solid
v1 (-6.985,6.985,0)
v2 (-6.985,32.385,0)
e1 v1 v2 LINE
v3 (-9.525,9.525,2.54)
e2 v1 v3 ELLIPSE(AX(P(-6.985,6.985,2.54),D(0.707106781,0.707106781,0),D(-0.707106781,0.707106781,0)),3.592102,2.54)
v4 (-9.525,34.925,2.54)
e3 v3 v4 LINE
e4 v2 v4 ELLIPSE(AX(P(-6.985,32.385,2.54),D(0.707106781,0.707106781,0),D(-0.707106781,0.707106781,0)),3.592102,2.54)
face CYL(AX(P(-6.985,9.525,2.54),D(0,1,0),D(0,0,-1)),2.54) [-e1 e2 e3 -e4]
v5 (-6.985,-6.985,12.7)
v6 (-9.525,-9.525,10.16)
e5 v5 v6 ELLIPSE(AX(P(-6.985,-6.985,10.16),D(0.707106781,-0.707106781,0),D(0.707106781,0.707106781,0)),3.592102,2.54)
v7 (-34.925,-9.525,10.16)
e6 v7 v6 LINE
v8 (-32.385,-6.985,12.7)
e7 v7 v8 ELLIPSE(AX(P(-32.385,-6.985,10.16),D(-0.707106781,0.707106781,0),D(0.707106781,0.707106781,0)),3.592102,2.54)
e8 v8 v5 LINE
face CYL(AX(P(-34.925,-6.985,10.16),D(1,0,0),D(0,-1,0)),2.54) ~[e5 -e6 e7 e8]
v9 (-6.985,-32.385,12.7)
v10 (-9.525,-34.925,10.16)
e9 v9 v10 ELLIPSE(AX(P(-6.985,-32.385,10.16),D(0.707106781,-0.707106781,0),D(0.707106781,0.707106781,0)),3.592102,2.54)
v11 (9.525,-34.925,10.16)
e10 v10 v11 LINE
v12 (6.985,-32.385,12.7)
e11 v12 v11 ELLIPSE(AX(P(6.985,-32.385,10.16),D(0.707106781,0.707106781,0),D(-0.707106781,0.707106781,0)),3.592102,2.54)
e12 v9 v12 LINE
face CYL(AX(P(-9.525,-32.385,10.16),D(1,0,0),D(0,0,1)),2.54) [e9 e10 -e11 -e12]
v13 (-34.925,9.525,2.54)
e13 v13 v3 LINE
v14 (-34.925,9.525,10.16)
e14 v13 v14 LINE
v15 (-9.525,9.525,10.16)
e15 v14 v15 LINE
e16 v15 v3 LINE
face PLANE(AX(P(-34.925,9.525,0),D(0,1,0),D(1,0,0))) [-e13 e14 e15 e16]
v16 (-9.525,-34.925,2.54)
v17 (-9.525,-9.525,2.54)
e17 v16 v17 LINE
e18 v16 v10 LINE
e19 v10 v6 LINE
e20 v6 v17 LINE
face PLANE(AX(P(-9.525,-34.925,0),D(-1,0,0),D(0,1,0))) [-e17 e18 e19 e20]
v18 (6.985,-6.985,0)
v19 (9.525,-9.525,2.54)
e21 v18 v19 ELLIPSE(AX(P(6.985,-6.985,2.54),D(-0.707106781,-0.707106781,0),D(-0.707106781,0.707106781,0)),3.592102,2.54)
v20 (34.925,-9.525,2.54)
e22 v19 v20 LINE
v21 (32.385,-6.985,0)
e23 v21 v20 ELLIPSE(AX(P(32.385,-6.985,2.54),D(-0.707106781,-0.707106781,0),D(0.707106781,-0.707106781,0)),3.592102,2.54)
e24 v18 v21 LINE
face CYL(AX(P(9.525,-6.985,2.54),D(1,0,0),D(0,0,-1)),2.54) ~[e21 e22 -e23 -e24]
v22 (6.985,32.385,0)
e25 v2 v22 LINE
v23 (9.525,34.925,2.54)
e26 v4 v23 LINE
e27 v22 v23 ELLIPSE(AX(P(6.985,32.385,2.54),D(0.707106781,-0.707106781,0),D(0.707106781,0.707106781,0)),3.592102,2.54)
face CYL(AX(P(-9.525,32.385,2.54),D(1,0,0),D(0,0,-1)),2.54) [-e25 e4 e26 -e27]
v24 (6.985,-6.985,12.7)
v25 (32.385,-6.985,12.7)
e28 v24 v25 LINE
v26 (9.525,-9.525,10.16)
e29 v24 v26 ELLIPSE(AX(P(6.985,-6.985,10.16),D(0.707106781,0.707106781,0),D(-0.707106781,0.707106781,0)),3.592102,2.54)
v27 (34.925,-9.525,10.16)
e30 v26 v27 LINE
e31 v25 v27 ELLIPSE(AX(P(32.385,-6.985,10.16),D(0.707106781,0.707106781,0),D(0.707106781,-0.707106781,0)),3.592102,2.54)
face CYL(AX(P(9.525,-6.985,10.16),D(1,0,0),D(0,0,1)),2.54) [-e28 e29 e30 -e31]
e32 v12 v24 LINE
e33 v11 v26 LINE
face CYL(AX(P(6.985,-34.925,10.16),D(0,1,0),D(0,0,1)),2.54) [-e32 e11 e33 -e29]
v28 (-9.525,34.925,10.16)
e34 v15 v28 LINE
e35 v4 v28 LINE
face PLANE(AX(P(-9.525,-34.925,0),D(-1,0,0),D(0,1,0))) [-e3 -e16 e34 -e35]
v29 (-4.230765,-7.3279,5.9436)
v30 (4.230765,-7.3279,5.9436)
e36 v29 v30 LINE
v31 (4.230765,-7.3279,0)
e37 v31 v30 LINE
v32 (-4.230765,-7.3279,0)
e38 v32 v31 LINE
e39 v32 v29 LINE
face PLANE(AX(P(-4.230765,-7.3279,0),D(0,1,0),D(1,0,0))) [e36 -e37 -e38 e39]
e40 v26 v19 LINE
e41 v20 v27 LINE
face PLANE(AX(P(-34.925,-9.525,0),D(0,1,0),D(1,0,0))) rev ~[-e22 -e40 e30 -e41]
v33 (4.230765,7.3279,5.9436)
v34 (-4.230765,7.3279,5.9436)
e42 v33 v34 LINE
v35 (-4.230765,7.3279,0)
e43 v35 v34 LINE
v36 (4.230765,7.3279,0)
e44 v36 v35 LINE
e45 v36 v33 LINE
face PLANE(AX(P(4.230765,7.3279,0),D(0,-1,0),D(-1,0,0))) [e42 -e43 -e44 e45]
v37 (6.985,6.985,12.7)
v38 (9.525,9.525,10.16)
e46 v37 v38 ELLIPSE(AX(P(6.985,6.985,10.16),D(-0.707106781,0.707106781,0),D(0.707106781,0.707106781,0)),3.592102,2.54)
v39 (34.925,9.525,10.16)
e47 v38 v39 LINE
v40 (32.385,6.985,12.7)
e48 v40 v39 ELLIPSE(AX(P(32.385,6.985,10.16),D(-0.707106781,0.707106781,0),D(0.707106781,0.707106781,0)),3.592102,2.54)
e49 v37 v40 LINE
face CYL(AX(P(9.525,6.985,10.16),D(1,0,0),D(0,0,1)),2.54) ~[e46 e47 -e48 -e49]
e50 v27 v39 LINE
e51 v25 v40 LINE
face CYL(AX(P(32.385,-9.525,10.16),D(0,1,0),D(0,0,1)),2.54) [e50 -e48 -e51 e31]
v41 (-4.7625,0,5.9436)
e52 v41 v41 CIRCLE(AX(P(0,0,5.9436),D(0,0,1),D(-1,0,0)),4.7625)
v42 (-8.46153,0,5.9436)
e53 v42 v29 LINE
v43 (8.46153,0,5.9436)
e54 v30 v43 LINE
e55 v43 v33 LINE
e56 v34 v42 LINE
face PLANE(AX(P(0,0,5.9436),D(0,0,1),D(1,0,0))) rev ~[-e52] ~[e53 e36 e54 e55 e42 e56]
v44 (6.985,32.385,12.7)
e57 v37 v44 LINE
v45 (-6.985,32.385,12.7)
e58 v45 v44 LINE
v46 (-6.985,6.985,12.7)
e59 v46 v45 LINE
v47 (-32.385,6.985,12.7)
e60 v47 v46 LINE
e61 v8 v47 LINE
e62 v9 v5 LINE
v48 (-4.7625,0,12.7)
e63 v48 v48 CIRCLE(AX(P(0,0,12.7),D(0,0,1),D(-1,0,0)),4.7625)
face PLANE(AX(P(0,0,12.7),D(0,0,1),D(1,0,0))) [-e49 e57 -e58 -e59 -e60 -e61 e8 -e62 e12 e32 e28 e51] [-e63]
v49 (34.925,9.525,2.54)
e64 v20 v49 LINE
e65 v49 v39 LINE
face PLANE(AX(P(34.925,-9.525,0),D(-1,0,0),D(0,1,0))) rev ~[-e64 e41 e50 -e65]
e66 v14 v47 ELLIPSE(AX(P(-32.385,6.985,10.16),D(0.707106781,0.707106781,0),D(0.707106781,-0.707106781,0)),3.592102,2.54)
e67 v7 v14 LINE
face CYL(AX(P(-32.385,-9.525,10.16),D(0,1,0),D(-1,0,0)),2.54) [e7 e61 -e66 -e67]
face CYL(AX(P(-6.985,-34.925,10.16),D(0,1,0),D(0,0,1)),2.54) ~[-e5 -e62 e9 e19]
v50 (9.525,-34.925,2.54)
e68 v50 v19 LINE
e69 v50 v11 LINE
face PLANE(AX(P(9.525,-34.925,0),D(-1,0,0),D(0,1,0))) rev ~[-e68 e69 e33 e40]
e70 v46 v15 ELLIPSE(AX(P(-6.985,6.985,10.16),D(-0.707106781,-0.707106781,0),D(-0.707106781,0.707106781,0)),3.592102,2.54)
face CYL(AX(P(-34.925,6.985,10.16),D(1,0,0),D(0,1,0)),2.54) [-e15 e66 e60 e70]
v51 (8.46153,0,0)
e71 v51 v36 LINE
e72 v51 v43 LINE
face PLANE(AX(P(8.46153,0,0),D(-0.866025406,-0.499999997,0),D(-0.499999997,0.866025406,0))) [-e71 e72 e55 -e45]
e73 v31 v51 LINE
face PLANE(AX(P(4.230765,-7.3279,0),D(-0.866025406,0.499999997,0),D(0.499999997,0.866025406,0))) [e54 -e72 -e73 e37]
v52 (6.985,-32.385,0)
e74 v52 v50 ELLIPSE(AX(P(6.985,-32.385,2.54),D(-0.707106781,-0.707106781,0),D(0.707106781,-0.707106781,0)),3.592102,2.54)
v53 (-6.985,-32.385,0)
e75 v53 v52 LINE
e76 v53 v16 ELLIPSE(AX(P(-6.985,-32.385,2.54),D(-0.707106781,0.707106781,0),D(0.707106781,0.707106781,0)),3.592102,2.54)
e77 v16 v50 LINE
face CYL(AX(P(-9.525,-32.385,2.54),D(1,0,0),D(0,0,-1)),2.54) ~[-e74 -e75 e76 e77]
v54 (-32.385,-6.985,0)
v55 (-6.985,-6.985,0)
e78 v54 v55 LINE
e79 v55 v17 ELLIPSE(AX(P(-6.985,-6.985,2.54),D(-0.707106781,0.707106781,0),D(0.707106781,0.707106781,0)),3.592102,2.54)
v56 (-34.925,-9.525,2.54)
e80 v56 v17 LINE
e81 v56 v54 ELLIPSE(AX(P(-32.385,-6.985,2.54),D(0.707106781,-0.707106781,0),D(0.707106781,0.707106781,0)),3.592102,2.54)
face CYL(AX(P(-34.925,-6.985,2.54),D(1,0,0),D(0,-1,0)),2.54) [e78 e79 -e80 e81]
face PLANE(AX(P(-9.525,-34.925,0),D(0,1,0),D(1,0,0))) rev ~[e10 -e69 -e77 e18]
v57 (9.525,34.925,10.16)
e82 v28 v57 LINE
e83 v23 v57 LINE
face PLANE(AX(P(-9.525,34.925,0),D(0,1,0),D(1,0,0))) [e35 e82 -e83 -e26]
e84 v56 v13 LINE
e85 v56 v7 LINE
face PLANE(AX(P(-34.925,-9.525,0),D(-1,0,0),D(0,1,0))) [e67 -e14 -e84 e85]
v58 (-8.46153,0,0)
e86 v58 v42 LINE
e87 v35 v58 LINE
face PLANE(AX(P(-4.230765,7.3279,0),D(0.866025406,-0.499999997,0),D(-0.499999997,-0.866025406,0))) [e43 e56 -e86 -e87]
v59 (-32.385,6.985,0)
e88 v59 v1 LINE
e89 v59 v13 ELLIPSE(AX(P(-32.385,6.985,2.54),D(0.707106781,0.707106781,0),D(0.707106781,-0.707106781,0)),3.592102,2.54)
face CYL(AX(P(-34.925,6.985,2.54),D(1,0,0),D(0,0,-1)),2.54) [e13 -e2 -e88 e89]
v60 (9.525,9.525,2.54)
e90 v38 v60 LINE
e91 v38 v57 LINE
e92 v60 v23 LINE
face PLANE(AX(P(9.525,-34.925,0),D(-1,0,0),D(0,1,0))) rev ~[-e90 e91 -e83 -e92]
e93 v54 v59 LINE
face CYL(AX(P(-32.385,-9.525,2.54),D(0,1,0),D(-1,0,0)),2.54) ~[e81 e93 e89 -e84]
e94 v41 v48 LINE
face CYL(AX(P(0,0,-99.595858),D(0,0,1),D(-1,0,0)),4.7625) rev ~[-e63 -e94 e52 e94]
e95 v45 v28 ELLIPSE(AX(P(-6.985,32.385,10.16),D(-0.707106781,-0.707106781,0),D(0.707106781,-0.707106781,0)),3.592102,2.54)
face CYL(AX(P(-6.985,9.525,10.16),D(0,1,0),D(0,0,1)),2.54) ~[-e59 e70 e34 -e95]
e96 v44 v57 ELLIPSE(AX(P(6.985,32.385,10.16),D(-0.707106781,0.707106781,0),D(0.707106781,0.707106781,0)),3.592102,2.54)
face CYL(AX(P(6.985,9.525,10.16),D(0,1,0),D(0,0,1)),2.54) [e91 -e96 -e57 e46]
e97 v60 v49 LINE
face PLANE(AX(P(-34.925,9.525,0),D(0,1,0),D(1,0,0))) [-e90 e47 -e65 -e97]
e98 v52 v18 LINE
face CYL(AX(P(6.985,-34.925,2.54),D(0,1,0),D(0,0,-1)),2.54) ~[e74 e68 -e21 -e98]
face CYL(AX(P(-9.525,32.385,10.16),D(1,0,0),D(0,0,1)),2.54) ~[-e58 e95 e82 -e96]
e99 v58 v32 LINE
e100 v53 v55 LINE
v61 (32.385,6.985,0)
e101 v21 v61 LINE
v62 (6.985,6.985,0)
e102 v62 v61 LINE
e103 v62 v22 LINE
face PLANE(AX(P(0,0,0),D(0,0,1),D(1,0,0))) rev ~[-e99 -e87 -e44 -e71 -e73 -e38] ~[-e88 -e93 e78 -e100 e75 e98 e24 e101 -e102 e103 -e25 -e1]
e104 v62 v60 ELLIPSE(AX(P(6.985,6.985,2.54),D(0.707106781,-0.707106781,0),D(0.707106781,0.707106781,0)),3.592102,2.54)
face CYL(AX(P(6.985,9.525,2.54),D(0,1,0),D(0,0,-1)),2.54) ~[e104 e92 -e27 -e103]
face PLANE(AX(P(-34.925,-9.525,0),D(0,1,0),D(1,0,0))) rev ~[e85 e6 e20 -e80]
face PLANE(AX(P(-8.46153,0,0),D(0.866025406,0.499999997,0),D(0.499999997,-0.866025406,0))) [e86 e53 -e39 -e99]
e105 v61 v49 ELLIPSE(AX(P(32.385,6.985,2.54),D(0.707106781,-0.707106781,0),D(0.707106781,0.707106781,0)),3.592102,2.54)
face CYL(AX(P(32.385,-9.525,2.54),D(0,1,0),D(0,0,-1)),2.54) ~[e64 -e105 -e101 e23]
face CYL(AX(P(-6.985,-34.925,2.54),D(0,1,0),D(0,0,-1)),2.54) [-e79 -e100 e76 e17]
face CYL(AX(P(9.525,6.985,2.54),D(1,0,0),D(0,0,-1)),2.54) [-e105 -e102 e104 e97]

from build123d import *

# Parameters (mm, degrees)
F0_W     = 19.05
F0_H     = 69.85
F1_DEPTH = 12.7
F2_W     = 69.85
F2_H     = 19.05
F3_DEPTH = 12.7
F4_R     = 2.54
F5_R     = 2.54
F7_DEPTH = 5.9436
F9_D     = 9.525


with BuildPart() as f1:
    # F0 (on Top) → F1 (new body)
    with BuildSketch(Plane.XY):
        Rectangle(F0_W, F0_H)
    extrude(amount=F1_DEPTH)

    # F2 (on Top) → F3 (join)
    with BuildSketch(Plane.XY):
        Rectangle(F2_W, F2_H)
    extrude(amount=F3_DEPTH)

    # F4
    f4_edges = [f1.edges().sort_by_distance(p)[0] for p in [
        (0, 34.925, 12.7),
        (-9.525, 22.225, 12.7),
        (-9.525, -22.225, 12.7),
        (9.525, 22.225, 12.7),
        (9.525, -22.225, 12.7),
        (-22.225, 9.525, 12.7),
        (-34.925, 0, 12.7),
        (-22.225, -9.525, 12.7),
        (0, -34.925, 12.7),
        (22.225, -9.525, 12.7),
        (34.925, 0, 12.7),
        (22.225, 9.525, 12.7),
    ]]
    fillet(f4_edges, radius=F4_R)

    # F5
    f5_edges = [f1.edges().sort_by_distance(p)[0] for p in [
        (-9.525, 22.225, 0),
        (-9.525, -22.225, 0),
        (0, -34.925, 0),
        (9.525, 22.225, 0),
        (9.525, -22.225, 0),
        (0, 34.925, 0),
        (-22.225, 9.525, 0),
        (-34.925, 0, 0),
        (-22.225, -9.525, 0),
        (22.225, -9.525, 0),
        (34.925, 0, 0),
        (22.225, 9.525, 0),
    ]]
    fillet(f5_edges, radius=F5_R)

    # F6 (on Top) → F7 (cut)
    with BuildSketch(Plane.XY):
        Polygon((-4.230765, 7.3279), (-8.46153, 0), (-4.230765, -7.3279), (4.230765, -7.3279), (8.46153, 0), (4.230765, 7.3279), align=None)
    extrude(amount=F7_DEPTH, mode=Mode.SUBTRACT)

    # F9 (through all)
    with Locations(Plane(origin=(0, 0, 0), x_dir=(1, 0, 0), z_dir=(0, 0, -1))):
        with Locations((0, 0)):
            Hole(F9_D / 2)


solid = f1.part
